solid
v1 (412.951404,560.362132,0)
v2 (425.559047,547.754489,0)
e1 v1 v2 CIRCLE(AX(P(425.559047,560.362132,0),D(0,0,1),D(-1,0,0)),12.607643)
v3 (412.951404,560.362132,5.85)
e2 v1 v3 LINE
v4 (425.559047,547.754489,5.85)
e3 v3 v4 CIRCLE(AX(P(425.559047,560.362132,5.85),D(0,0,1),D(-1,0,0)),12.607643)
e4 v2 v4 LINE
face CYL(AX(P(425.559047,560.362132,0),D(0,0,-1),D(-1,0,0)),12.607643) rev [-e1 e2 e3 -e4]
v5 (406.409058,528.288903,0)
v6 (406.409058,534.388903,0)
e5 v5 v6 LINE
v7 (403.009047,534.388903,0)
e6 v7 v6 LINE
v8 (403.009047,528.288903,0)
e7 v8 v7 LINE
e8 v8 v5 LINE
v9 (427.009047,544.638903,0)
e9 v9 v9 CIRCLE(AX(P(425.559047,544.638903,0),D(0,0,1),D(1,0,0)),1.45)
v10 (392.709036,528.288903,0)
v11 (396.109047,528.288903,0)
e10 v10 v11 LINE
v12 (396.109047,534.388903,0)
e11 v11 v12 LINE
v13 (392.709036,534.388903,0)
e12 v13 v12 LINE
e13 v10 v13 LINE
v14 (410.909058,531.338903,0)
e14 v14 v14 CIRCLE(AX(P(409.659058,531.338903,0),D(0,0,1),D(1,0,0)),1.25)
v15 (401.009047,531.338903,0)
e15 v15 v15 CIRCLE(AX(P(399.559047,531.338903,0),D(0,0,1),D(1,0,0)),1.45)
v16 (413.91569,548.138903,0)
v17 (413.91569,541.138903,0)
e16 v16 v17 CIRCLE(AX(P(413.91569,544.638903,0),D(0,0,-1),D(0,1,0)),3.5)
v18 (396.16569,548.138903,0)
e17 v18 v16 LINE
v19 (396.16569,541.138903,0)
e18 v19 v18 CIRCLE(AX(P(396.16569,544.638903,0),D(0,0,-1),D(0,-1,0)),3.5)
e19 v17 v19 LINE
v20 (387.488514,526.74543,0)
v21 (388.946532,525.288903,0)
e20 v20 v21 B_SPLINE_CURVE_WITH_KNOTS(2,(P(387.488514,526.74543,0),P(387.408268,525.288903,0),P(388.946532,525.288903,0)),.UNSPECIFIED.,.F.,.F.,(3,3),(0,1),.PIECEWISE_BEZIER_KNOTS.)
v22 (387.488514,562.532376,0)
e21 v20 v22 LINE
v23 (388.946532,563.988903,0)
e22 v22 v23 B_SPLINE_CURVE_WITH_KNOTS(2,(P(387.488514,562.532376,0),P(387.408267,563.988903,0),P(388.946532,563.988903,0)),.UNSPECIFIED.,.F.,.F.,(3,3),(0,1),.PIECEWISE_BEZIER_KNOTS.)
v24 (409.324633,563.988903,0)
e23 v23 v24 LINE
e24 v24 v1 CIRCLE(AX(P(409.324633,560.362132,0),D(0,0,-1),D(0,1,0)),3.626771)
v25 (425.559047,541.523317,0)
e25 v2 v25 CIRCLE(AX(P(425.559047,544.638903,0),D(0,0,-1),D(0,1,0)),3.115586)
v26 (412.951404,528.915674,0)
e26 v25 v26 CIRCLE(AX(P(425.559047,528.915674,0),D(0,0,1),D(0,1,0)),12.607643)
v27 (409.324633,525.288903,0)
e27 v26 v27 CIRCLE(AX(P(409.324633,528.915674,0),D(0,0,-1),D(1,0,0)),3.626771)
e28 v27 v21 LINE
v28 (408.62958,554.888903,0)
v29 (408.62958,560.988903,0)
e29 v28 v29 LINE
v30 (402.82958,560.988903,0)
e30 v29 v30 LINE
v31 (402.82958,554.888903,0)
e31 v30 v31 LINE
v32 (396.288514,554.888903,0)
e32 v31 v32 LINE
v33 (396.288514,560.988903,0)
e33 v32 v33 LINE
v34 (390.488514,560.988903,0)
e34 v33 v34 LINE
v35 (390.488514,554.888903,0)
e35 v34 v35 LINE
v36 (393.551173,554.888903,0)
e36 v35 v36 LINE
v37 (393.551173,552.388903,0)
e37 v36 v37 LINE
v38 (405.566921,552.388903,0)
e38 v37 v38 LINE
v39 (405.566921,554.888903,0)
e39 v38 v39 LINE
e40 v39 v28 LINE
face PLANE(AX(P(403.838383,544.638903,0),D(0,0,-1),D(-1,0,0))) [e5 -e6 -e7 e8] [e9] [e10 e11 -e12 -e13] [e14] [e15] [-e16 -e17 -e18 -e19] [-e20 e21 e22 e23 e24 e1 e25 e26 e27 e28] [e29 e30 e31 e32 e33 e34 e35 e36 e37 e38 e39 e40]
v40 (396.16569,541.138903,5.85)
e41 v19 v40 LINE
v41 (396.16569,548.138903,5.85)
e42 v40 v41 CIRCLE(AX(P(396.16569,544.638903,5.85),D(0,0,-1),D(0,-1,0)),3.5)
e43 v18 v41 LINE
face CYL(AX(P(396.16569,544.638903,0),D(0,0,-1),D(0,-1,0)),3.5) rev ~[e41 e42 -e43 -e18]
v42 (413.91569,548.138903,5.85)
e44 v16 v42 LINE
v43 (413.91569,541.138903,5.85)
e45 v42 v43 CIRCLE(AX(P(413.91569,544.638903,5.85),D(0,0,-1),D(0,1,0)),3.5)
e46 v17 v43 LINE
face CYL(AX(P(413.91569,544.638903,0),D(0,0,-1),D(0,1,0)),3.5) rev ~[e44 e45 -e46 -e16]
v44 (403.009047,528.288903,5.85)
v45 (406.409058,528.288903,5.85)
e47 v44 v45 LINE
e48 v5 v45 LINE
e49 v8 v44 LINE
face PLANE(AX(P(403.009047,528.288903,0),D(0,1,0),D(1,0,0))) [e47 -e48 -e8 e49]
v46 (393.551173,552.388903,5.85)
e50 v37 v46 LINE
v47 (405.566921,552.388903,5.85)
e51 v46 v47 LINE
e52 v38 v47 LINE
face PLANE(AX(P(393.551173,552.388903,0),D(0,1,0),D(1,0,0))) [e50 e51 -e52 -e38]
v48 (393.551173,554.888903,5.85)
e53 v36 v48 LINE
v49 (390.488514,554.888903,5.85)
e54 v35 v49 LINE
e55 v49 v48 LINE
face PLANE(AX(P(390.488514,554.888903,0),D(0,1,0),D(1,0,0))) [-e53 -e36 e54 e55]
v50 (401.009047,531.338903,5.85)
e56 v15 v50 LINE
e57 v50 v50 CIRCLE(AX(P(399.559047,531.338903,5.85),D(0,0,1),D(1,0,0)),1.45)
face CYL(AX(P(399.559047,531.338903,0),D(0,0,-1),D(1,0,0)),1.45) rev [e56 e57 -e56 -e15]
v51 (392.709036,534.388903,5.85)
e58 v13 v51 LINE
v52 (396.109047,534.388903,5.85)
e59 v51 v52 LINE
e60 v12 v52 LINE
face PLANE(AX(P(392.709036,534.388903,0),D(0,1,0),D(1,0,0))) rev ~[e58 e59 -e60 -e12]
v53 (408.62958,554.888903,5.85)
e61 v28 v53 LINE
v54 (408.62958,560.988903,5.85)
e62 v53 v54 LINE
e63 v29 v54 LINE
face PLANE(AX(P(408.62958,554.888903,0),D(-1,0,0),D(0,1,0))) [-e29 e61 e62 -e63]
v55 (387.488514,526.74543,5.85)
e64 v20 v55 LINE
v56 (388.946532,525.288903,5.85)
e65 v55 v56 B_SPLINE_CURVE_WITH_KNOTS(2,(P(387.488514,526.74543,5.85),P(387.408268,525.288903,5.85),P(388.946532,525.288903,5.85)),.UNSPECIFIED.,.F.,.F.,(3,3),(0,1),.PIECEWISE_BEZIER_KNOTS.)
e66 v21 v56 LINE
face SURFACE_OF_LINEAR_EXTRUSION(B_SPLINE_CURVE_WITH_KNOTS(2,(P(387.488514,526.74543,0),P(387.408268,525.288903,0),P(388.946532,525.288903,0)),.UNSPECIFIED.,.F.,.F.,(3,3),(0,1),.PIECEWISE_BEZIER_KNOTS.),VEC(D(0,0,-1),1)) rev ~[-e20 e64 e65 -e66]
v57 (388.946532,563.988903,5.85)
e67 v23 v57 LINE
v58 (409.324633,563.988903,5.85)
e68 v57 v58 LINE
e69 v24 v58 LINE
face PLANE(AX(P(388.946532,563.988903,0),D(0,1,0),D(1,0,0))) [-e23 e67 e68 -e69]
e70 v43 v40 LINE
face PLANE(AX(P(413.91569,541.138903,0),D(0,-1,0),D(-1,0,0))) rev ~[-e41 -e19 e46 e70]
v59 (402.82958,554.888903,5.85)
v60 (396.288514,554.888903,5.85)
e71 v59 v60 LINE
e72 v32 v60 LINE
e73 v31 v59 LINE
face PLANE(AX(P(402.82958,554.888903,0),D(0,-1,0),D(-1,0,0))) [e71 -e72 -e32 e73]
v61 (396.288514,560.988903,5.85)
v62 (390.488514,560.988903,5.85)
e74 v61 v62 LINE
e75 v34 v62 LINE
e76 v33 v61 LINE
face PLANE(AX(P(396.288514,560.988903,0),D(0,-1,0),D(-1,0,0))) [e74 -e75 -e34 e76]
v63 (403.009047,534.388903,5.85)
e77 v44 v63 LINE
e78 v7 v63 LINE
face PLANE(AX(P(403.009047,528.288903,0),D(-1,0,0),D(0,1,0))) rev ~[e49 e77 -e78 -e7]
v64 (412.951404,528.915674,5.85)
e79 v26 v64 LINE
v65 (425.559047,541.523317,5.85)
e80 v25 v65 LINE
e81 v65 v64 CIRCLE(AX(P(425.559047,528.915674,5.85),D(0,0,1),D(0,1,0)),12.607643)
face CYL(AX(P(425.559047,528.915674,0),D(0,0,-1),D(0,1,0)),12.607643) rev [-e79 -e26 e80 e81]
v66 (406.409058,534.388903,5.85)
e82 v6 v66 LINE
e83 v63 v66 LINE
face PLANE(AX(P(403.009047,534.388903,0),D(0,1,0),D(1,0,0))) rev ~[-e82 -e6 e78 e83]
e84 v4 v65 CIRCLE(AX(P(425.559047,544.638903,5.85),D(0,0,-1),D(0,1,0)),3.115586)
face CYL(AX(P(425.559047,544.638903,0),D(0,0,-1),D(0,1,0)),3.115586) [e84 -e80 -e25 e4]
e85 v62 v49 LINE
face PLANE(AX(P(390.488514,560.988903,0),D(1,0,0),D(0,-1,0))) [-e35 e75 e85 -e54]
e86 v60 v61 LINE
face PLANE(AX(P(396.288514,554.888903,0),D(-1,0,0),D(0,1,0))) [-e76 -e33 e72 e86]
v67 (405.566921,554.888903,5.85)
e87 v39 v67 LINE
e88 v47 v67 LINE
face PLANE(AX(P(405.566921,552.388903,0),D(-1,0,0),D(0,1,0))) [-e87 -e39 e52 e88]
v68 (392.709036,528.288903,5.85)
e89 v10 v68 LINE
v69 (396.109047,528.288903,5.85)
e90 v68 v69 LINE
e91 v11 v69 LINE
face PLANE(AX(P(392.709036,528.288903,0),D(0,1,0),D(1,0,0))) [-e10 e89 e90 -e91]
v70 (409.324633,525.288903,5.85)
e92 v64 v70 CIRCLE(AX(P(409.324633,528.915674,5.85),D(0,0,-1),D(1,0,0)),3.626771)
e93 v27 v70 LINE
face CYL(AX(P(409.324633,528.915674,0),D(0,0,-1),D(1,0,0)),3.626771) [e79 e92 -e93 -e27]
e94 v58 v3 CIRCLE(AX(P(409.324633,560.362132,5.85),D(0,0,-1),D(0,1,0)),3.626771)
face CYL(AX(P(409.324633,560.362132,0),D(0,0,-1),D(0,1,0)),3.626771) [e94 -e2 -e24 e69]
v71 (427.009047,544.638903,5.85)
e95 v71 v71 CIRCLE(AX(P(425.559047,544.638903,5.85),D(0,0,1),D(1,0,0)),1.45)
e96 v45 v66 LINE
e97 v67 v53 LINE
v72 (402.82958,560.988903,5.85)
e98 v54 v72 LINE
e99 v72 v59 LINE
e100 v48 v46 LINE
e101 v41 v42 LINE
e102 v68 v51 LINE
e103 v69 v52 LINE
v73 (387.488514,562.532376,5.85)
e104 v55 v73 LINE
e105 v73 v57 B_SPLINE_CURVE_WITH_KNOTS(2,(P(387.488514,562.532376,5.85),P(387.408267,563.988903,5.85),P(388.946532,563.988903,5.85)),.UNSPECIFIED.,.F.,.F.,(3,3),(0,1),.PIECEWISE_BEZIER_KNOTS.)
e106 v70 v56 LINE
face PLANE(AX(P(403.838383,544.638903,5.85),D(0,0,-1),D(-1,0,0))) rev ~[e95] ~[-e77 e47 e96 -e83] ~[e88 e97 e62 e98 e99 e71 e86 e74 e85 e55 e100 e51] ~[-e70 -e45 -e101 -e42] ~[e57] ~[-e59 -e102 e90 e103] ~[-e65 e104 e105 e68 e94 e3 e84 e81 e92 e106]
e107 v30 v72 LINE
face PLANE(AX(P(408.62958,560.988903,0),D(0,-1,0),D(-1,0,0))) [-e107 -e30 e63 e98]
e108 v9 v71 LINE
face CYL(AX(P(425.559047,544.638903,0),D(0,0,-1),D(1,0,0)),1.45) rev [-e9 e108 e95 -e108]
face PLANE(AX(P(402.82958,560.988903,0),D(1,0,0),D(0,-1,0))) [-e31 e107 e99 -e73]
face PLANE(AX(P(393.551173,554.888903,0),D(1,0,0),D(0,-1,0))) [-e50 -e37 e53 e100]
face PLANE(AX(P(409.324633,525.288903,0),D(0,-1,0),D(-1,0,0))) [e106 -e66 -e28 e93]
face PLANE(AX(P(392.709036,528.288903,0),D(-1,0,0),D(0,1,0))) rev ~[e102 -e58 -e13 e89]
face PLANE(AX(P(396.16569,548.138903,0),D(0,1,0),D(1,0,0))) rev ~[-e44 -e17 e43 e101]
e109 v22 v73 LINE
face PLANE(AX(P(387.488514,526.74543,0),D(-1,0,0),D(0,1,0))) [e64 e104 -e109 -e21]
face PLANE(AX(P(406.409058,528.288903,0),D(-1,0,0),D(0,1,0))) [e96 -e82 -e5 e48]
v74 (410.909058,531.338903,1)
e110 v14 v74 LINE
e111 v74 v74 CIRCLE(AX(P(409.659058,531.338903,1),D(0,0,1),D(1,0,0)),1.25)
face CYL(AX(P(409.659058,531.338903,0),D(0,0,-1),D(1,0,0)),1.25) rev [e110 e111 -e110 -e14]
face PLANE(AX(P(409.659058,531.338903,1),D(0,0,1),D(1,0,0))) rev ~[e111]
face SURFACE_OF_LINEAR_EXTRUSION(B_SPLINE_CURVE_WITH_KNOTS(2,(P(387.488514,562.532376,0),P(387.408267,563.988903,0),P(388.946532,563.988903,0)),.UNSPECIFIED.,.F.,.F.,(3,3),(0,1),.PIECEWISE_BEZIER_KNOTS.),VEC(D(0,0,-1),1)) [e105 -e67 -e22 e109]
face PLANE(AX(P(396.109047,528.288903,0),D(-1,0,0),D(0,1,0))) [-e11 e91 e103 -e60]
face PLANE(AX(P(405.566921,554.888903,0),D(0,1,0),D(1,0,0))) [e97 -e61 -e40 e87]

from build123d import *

# Parameters (mm, degrees)
SKETCH1_R           = 1.45
SKETCH1_W           = 3.400011
SKETCH1_H           = 6.1
BOSS_EXTRUDE2_DEPTH = 5.85
SKETCH2_R           = 1.25
CUT_EXTRUDE1_DEPTH  = 1


with BuildPart() as part:
    # Sketch1 → Boss-Extrude2 (new body)
    with BuildSketch(Plane.XY):
        with BuildLine():
            Line((388.946531589, 563.988903138), (409.324633118, 563.988903138))
            ThreePointArc((409.324633118, 563.988903138), (411.889147311, 562.926646578), (412.95140387, 560.362132386))
            ThreePointArc((412.95140387, 560.362132386), (416.644097047, 551.447182437), (425.559046996, 547.75448926))
            ThreePointArc((425.559046996, 547.75448926), (428.674633118, 544.638903138), (425.559046996, 541.523317015))
            ThreePointArc((425.559046996, 541.523317015), (416.644097047, 537.830623838), (412.95140387, 528.915673889))
            ThreePointArc((412.95140387, 528.915673889), (411.889147311, 526.351159697), (409.324633118, 525.288903138))
            Line((409.324633118, 525.288903138), (388.946531589, 525.288903138))
            add(Edge.make_bspline(
                [(387.48851407, 526.74542963), (387.408268294, 525.288903138), (388.946531589, 525.288903138)],
                knots=[0, 0, 0, 1, 1, 1], degree=2))
            Line((387.48851407, 526.74542963), (387.48851407, 562.532375923))
            add(Edge.make_bspline(
                [(387.48851407, 562.532375923), (387.408267487, 563.988903138), (388.946531589, 563.988903138)],
                knots=[0, 0, 0, 1, 1, 1], degree=2))
        make_face()
        with Locations((425.559046996, 544.638903138)):
            Circle(SKETCH1_R, mode=Mode.SUBTRACT)
        with Locations((399.559046996, 531.338903138)):
            Circle(SKETCH1_R, mode=Mode.SUBTRACT)
        Polygon((405.566920996, 552.388903138), (405.566920996, 554.888903138), (408.629579922, 554.888903138), (408.629579922, 560.988903138), (402.829579922, 560.988903138), (402.829579922, 554.888903138), (396.28851407, 554.888903138), (396.28851407, 560.988903138), (390.48851407, 560.988903138), (390.48851407, 554.888903138), (393.551172996, 554.888903138), (393.551172996, 552.388903138), align=None, mode=Mode.SUBTRACT)
        with Locations((394.409041496, 531.338903138)):
            Rectangle(SKETCH1_W, SKETCH1_H, mode=Mode.SUBTRACT)
        with Locations((404.709052496, 531.338903138)):
            Rectangle(SKETCH1_W, SKETCH1_H, mode=Mode.SUBTRACT)
        with BuildLine():
            Line((396.165690223, 548.138903138), (413.915690223, 548.138903138))
            ThreePointArc((413.915690223, 548.138903138), (417.415690223, 544.638903138), (413.915690223, 541.138903138))
            Line((413.915690223, 541.138903138), (396.165690223, 541.138903138))
            ThreePointArc((396.165690223, 541.138903138), (392.665690223, 544.638903138), (396.165690223, 548.138903138))
        make_face(mode=Mode.SUBTRACT)
    extrude(amount=BOSS_EXTRUDE2_DEPTH)

    # Sketch2 → Cut-Extrude1 (cut)
    with BuildSketch(Plane.XY):
        with Locations((409.659057996, 531.338903138)):
            Circle(SKETCH2_R)
    extrude(amount=CUT_EXTRUDE1_DEPTH, mode=Mode.SUBTRACT)


solid = part.part
